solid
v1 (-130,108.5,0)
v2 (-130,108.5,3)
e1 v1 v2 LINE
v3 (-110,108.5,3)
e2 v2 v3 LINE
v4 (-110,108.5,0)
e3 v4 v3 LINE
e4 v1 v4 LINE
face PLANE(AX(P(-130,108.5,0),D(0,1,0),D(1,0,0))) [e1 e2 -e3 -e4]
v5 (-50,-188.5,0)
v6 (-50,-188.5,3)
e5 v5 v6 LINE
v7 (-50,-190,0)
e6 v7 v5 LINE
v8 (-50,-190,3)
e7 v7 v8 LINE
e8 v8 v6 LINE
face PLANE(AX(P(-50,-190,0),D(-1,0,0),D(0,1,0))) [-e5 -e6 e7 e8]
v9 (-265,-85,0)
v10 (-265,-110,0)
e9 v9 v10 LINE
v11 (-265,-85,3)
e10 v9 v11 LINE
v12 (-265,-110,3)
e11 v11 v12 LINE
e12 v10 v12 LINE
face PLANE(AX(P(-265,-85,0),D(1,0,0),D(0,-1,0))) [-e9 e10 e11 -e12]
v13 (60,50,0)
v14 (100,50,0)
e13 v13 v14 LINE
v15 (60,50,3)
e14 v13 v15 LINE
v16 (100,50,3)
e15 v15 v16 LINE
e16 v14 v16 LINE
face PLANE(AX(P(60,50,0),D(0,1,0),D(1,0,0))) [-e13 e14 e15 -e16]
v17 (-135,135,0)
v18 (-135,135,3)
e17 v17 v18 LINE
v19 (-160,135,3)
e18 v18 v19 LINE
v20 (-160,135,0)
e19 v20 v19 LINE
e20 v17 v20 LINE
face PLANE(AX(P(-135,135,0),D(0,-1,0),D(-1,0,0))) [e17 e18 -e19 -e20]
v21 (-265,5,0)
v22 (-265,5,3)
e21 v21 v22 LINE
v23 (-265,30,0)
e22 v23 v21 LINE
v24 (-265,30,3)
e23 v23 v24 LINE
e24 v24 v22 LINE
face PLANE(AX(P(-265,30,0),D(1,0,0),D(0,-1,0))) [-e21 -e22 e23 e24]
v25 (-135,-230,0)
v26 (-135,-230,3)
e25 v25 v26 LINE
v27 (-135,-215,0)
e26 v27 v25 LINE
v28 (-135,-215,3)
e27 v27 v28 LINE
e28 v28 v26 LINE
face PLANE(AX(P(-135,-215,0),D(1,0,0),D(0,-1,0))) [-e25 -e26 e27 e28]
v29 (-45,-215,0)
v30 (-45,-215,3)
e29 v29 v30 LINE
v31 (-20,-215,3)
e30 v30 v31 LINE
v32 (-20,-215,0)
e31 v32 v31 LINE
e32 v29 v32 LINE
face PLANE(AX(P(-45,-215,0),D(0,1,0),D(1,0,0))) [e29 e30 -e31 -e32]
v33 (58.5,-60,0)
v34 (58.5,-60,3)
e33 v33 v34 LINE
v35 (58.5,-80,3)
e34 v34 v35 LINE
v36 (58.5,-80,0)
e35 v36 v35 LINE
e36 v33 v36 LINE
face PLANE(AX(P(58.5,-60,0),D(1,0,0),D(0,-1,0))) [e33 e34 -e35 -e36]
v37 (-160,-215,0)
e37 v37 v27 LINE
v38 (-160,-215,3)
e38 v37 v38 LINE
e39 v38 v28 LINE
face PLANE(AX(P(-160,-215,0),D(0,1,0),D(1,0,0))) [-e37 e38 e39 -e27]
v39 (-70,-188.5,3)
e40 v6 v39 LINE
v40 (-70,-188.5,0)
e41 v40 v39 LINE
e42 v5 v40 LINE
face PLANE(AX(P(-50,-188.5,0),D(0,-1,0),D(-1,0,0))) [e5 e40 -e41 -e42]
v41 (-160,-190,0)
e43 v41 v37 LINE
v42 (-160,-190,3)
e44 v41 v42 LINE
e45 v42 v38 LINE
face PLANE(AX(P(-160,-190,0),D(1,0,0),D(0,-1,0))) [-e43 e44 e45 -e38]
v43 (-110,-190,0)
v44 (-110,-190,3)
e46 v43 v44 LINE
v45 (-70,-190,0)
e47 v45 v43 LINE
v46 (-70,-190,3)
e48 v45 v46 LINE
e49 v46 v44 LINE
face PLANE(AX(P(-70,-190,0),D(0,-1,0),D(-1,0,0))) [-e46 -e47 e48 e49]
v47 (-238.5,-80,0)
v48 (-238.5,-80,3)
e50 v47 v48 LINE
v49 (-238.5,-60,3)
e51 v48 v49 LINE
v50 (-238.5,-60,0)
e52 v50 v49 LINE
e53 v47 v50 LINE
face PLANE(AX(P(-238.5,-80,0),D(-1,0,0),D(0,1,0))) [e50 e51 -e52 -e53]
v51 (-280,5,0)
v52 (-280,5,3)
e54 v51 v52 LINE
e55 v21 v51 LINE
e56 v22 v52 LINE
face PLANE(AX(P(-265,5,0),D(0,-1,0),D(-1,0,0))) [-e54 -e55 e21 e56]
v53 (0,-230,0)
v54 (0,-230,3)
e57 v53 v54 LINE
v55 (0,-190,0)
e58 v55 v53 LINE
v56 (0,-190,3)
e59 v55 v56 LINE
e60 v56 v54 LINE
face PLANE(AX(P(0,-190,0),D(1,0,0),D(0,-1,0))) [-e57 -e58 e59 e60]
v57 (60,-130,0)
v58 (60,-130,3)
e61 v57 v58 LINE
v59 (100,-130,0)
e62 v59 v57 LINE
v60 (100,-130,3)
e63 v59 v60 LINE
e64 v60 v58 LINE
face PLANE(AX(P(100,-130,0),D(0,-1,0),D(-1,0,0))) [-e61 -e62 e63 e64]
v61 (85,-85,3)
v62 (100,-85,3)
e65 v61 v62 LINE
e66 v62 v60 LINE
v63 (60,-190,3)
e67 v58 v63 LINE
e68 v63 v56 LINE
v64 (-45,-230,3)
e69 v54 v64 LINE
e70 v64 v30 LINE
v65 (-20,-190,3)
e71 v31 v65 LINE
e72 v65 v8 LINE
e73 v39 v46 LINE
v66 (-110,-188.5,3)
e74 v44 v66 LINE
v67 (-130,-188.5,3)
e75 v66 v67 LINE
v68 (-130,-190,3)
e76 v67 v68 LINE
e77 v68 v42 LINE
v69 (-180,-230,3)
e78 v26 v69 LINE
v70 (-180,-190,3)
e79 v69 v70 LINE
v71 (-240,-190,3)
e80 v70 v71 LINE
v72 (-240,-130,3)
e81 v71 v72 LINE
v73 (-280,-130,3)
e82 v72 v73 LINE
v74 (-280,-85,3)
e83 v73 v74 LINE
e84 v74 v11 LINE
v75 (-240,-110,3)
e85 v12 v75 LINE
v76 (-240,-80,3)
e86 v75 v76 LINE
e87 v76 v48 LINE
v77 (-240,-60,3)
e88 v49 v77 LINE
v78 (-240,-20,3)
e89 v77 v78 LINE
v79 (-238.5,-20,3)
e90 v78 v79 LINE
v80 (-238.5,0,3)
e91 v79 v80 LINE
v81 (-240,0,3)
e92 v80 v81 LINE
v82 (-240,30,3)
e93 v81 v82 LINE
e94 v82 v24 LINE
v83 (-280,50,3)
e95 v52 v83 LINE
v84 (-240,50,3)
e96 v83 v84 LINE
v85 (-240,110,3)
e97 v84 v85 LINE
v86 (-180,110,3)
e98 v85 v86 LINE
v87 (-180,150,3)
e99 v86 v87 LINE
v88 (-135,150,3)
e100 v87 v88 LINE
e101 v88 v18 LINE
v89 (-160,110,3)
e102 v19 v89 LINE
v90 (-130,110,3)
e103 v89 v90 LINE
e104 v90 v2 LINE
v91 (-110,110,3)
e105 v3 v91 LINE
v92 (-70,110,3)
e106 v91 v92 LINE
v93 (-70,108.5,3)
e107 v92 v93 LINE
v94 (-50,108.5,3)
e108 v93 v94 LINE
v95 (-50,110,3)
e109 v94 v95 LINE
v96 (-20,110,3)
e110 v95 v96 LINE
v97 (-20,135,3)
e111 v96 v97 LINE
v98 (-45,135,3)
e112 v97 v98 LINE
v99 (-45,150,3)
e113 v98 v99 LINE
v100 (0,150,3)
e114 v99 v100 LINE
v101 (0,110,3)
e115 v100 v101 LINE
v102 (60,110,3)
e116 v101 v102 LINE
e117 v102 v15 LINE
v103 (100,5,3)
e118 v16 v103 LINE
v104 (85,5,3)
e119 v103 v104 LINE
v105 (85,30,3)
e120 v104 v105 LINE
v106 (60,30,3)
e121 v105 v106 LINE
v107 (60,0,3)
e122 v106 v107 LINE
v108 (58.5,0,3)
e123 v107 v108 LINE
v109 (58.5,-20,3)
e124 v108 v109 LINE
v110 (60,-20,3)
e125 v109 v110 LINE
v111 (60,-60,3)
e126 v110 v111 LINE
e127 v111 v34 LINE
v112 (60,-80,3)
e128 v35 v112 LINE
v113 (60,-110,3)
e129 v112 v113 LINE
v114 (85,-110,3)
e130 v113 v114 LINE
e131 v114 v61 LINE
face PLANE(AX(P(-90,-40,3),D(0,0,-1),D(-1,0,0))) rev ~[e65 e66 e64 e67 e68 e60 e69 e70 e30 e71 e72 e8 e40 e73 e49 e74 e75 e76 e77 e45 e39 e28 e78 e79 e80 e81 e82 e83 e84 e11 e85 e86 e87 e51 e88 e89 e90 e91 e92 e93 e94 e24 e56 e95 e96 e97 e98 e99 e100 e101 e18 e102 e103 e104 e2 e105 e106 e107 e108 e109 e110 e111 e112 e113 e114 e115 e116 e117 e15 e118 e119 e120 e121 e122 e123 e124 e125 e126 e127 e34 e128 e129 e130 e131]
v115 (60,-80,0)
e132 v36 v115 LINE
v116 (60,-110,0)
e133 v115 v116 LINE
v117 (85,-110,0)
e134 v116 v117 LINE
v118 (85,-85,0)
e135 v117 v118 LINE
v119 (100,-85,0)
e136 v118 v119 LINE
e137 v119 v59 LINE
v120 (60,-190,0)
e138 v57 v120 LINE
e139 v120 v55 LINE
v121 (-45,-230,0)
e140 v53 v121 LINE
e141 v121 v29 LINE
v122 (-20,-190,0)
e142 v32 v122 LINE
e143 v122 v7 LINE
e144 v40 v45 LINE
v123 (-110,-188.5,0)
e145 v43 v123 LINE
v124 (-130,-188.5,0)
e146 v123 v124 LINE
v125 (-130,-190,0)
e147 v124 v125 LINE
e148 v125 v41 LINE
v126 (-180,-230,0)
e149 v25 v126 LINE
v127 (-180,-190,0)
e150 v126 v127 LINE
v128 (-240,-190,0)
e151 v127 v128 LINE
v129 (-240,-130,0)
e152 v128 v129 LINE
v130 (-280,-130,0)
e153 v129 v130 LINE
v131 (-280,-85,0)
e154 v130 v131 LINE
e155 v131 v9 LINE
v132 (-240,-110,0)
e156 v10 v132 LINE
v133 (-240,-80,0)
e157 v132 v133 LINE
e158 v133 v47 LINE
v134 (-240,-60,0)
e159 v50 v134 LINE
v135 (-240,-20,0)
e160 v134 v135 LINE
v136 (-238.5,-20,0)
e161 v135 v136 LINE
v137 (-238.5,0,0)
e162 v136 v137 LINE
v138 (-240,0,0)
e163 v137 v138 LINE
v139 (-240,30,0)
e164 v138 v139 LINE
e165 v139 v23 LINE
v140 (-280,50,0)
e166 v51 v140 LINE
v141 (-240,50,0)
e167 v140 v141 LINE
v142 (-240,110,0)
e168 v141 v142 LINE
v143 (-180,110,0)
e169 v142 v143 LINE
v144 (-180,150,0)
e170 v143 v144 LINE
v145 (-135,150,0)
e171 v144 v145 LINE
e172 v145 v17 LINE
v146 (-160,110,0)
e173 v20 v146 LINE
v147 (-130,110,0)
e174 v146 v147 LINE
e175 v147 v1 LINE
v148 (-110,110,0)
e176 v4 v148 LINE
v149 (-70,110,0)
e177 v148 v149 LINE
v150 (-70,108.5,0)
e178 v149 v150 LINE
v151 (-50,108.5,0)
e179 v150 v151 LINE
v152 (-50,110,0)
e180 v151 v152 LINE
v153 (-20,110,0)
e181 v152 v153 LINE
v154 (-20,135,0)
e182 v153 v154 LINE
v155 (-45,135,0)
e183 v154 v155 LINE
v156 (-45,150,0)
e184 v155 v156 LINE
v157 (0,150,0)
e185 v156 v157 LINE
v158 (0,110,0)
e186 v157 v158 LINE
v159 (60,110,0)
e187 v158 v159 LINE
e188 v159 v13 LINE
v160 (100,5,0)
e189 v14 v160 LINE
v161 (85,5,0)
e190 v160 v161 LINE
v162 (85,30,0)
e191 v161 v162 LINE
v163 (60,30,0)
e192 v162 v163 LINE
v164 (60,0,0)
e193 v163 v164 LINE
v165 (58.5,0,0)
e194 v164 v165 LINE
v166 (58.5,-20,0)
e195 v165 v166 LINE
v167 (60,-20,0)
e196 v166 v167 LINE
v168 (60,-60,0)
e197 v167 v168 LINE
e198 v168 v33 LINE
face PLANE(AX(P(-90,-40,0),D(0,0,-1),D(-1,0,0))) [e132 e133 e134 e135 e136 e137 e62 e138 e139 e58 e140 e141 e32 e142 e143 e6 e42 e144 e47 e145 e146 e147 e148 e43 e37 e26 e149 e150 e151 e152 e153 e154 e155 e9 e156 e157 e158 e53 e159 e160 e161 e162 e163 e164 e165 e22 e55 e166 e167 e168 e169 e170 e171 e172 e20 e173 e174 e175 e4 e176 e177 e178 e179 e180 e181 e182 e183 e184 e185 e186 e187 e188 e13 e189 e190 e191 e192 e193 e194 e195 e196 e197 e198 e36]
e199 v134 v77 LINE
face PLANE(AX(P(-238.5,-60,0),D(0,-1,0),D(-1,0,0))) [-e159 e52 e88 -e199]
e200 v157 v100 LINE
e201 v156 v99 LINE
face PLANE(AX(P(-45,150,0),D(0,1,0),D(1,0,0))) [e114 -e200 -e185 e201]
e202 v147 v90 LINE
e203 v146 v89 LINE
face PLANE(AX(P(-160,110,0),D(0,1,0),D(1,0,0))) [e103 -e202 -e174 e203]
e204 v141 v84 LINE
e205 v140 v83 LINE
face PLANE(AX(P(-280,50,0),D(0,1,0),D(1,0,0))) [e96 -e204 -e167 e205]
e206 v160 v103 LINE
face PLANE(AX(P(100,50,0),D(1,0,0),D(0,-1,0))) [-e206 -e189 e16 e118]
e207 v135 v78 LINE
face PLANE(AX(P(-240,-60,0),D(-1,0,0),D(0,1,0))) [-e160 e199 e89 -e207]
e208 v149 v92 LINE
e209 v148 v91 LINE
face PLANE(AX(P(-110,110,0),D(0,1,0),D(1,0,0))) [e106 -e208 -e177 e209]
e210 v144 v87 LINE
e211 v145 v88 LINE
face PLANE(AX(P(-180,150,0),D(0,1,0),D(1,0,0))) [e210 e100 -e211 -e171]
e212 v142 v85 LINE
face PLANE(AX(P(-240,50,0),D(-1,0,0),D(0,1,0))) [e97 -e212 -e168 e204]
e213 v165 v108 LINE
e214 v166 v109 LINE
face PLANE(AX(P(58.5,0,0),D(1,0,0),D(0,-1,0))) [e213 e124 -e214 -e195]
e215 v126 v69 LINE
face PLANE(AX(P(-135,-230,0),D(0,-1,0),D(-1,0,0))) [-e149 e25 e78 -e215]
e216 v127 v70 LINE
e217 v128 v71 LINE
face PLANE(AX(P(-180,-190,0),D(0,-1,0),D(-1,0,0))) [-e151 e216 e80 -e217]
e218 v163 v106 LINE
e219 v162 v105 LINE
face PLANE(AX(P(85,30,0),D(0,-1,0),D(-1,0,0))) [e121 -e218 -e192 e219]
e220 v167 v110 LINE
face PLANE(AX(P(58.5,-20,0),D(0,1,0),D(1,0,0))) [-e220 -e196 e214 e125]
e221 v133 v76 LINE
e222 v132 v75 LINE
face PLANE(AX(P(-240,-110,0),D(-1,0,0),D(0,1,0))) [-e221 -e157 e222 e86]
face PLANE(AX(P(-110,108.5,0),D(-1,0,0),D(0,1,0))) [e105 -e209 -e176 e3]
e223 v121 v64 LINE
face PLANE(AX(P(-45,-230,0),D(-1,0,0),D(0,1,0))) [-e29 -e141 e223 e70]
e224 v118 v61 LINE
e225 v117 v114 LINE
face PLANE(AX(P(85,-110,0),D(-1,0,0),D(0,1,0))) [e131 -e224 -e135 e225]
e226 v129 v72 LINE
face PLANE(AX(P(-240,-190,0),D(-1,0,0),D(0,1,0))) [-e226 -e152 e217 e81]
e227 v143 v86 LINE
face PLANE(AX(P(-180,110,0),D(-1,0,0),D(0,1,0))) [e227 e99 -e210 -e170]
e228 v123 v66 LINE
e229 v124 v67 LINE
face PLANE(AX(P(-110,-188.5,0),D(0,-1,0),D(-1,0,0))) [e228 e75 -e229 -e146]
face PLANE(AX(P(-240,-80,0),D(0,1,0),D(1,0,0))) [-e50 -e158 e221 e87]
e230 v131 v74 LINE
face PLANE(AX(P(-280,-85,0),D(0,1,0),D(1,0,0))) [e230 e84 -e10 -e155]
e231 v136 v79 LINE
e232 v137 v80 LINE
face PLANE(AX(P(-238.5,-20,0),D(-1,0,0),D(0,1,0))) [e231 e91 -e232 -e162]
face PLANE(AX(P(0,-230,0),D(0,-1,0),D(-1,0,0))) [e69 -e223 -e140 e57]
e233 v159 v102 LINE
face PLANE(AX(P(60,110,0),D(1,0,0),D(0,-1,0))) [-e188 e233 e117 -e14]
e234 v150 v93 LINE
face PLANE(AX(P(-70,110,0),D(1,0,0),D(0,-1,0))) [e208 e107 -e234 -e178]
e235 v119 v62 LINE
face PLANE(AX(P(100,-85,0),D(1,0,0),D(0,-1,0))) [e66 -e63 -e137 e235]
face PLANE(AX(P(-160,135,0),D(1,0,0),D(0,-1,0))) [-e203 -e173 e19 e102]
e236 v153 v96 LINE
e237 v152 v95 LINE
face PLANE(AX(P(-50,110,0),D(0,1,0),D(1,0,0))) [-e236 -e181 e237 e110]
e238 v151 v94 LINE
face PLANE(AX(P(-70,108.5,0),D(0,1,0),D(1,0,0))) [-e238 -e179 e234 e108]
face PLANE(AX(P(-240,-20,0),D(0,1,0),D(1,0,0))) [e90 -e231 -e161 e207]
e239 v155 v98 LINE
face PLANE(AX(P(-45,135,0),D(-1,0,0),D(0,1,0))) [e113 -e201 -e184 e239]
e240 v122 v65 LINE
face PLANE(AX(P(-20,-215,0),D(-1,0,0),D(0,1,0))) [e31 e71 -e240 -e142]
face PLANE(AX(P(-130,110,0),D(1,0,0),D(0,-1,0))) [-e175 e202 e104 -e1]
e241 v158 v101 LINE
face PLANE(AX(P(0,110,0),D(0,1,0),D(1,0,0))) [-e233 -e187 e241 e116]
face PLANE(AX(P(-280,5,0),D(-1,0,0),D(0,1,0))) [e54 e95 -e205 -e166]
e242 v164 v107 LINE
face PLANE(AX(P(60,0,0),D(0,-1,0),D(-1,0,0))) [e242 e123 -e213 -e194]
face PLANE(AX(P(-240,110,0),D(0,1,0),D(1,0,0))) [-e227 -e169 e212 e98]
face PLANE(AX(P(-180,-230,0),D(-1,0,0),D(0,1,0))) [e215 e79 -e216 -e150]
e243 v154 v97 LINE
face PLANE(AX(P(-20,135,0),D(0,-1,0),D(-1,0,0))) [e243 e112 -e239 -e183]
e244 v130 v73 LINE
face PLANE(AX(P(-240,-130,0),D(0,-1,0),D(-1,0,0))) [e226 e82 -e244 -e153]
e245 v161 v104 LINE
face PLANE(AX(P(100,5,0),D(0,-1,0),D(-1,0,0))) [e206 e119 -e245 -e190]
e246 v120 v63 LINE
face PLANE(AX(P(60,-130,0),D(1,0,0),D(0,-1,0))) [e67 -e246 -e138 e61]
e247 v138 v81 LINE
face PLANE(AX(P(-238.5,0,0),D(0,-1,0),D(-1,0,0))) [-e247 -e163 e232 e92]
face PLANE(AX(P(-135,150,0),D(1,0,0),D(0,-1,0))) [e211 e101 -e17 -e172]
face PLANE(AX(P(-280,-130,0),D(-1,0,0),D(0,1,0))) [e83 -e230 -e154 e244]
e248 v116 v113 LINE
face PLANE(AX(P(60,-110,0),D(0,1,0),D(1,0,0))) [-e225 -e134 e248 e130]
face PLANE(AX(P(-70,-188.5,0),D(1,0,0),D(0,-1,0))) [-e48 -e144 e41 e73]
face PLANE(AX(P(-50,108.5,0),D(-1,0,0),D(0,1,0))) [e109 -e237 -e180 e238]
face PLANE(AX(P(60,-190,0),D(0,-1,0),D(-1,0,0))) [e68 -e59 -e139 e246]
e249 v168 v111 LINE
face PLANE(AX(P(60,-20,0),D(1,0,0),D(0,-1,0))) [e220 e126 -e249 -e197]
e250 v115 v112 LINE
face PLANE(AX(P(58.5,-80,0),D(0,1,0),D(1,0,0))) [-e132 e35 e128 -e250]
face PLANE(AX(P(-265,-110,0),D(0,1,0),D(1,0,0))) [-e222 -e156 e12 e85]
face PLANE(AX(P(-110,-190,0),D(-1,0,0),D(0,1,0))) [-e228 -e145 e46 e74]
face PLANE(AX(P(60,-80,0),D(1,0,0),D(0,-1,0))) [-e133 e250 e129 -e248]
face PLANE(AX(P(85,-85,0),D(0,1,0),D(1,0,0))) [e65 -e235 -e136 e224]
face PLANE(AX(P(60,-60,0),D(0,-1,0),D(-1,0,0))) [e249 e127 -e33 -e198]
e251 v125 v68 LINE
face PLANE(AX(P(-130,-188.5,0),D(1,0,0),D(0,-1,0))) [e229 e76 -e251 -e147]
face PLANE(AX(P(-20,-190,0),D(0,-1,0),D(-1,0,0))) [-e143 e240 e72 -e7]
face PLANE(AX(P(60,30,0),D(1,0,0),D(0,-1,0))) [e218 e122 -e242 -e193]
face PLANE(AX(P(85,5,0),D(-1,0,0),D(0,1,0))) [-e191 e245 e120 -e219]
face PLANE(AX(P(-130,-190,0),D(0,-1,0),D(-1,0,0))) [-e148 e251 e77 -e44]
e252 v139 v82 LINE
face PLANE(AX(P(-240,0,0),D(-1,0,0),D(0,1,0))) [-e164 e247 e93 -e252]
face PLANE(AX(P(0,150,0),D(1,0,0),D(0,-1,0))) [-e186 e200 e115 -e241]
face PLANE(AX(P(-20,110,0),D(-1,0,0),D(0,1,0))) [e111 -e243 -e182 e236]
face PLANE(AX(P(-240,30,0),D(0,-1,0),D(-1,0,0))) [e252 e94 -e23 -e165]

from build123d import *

# Parameters (mm, degrees)
RESSALTO_EXTRUS_O1_DEPTH = 3


with BuildPart() as part:
    # Esboço1 → Ressalto-extrusão1 (new body)
    with BuildSketch(Plane.XY):
        Polygon((-240, -190), (-240, -130), (-280, -130), (-280, -85), (-265, -85), (-265, -110), (-240, -110), (-240, -80), (-238.5, -80), (-238.5, -60), (-240, -60), (-240, -20), (-238.5, -20), (-238.5, 0), (-240, 0), (-240, 30), (-265, 30), (-265, 5), (-280, 5), (-280, 50), (-240, 50), (-240, 110), (-180, 110), (-180, 150), (-135, 150), (-135, 135), (-160, 135), (-160, 110), (-130, 110), (-130, 108.5), (-110, 108.5), (-110, 110), (-70, 110), (-70, 108.5), (-50, 108.5), (-50, 110), (-20, 110), (-20, 135), (-45, 135), (-45, 150), (0, 150), (0, 110), (60, 110), (60, 50), (100, 50), (100, 5), (85, 5), (85, 30), (60, 30), (60, 0), (58.5, 0), (58.5, -20), (60, -20), (60, -60), (58.5, -60), (58.5, -80), (60, -80), (60, -110), (85, -110), (85, -85), (100, -85), (100, -130), (60, -130), (60, -190), (0, -190), (0, -230), (-45, -230), (-45, -215), (-20, -215), (-20, -190), (-50, -190), (-50, -188.5), (-70, -188.5), (-70, -190), (-110, -190), (-110, -188.5), (-130, -188.5), (-130, -190), (-160, -190), (-160, -215), (-135, -215), (-135, -230), (-180, -230), (-180, -190), align=None)
    extrude(amount=RESSALTO_EXTRUS_O1_DEPTH)


solid = part.part
